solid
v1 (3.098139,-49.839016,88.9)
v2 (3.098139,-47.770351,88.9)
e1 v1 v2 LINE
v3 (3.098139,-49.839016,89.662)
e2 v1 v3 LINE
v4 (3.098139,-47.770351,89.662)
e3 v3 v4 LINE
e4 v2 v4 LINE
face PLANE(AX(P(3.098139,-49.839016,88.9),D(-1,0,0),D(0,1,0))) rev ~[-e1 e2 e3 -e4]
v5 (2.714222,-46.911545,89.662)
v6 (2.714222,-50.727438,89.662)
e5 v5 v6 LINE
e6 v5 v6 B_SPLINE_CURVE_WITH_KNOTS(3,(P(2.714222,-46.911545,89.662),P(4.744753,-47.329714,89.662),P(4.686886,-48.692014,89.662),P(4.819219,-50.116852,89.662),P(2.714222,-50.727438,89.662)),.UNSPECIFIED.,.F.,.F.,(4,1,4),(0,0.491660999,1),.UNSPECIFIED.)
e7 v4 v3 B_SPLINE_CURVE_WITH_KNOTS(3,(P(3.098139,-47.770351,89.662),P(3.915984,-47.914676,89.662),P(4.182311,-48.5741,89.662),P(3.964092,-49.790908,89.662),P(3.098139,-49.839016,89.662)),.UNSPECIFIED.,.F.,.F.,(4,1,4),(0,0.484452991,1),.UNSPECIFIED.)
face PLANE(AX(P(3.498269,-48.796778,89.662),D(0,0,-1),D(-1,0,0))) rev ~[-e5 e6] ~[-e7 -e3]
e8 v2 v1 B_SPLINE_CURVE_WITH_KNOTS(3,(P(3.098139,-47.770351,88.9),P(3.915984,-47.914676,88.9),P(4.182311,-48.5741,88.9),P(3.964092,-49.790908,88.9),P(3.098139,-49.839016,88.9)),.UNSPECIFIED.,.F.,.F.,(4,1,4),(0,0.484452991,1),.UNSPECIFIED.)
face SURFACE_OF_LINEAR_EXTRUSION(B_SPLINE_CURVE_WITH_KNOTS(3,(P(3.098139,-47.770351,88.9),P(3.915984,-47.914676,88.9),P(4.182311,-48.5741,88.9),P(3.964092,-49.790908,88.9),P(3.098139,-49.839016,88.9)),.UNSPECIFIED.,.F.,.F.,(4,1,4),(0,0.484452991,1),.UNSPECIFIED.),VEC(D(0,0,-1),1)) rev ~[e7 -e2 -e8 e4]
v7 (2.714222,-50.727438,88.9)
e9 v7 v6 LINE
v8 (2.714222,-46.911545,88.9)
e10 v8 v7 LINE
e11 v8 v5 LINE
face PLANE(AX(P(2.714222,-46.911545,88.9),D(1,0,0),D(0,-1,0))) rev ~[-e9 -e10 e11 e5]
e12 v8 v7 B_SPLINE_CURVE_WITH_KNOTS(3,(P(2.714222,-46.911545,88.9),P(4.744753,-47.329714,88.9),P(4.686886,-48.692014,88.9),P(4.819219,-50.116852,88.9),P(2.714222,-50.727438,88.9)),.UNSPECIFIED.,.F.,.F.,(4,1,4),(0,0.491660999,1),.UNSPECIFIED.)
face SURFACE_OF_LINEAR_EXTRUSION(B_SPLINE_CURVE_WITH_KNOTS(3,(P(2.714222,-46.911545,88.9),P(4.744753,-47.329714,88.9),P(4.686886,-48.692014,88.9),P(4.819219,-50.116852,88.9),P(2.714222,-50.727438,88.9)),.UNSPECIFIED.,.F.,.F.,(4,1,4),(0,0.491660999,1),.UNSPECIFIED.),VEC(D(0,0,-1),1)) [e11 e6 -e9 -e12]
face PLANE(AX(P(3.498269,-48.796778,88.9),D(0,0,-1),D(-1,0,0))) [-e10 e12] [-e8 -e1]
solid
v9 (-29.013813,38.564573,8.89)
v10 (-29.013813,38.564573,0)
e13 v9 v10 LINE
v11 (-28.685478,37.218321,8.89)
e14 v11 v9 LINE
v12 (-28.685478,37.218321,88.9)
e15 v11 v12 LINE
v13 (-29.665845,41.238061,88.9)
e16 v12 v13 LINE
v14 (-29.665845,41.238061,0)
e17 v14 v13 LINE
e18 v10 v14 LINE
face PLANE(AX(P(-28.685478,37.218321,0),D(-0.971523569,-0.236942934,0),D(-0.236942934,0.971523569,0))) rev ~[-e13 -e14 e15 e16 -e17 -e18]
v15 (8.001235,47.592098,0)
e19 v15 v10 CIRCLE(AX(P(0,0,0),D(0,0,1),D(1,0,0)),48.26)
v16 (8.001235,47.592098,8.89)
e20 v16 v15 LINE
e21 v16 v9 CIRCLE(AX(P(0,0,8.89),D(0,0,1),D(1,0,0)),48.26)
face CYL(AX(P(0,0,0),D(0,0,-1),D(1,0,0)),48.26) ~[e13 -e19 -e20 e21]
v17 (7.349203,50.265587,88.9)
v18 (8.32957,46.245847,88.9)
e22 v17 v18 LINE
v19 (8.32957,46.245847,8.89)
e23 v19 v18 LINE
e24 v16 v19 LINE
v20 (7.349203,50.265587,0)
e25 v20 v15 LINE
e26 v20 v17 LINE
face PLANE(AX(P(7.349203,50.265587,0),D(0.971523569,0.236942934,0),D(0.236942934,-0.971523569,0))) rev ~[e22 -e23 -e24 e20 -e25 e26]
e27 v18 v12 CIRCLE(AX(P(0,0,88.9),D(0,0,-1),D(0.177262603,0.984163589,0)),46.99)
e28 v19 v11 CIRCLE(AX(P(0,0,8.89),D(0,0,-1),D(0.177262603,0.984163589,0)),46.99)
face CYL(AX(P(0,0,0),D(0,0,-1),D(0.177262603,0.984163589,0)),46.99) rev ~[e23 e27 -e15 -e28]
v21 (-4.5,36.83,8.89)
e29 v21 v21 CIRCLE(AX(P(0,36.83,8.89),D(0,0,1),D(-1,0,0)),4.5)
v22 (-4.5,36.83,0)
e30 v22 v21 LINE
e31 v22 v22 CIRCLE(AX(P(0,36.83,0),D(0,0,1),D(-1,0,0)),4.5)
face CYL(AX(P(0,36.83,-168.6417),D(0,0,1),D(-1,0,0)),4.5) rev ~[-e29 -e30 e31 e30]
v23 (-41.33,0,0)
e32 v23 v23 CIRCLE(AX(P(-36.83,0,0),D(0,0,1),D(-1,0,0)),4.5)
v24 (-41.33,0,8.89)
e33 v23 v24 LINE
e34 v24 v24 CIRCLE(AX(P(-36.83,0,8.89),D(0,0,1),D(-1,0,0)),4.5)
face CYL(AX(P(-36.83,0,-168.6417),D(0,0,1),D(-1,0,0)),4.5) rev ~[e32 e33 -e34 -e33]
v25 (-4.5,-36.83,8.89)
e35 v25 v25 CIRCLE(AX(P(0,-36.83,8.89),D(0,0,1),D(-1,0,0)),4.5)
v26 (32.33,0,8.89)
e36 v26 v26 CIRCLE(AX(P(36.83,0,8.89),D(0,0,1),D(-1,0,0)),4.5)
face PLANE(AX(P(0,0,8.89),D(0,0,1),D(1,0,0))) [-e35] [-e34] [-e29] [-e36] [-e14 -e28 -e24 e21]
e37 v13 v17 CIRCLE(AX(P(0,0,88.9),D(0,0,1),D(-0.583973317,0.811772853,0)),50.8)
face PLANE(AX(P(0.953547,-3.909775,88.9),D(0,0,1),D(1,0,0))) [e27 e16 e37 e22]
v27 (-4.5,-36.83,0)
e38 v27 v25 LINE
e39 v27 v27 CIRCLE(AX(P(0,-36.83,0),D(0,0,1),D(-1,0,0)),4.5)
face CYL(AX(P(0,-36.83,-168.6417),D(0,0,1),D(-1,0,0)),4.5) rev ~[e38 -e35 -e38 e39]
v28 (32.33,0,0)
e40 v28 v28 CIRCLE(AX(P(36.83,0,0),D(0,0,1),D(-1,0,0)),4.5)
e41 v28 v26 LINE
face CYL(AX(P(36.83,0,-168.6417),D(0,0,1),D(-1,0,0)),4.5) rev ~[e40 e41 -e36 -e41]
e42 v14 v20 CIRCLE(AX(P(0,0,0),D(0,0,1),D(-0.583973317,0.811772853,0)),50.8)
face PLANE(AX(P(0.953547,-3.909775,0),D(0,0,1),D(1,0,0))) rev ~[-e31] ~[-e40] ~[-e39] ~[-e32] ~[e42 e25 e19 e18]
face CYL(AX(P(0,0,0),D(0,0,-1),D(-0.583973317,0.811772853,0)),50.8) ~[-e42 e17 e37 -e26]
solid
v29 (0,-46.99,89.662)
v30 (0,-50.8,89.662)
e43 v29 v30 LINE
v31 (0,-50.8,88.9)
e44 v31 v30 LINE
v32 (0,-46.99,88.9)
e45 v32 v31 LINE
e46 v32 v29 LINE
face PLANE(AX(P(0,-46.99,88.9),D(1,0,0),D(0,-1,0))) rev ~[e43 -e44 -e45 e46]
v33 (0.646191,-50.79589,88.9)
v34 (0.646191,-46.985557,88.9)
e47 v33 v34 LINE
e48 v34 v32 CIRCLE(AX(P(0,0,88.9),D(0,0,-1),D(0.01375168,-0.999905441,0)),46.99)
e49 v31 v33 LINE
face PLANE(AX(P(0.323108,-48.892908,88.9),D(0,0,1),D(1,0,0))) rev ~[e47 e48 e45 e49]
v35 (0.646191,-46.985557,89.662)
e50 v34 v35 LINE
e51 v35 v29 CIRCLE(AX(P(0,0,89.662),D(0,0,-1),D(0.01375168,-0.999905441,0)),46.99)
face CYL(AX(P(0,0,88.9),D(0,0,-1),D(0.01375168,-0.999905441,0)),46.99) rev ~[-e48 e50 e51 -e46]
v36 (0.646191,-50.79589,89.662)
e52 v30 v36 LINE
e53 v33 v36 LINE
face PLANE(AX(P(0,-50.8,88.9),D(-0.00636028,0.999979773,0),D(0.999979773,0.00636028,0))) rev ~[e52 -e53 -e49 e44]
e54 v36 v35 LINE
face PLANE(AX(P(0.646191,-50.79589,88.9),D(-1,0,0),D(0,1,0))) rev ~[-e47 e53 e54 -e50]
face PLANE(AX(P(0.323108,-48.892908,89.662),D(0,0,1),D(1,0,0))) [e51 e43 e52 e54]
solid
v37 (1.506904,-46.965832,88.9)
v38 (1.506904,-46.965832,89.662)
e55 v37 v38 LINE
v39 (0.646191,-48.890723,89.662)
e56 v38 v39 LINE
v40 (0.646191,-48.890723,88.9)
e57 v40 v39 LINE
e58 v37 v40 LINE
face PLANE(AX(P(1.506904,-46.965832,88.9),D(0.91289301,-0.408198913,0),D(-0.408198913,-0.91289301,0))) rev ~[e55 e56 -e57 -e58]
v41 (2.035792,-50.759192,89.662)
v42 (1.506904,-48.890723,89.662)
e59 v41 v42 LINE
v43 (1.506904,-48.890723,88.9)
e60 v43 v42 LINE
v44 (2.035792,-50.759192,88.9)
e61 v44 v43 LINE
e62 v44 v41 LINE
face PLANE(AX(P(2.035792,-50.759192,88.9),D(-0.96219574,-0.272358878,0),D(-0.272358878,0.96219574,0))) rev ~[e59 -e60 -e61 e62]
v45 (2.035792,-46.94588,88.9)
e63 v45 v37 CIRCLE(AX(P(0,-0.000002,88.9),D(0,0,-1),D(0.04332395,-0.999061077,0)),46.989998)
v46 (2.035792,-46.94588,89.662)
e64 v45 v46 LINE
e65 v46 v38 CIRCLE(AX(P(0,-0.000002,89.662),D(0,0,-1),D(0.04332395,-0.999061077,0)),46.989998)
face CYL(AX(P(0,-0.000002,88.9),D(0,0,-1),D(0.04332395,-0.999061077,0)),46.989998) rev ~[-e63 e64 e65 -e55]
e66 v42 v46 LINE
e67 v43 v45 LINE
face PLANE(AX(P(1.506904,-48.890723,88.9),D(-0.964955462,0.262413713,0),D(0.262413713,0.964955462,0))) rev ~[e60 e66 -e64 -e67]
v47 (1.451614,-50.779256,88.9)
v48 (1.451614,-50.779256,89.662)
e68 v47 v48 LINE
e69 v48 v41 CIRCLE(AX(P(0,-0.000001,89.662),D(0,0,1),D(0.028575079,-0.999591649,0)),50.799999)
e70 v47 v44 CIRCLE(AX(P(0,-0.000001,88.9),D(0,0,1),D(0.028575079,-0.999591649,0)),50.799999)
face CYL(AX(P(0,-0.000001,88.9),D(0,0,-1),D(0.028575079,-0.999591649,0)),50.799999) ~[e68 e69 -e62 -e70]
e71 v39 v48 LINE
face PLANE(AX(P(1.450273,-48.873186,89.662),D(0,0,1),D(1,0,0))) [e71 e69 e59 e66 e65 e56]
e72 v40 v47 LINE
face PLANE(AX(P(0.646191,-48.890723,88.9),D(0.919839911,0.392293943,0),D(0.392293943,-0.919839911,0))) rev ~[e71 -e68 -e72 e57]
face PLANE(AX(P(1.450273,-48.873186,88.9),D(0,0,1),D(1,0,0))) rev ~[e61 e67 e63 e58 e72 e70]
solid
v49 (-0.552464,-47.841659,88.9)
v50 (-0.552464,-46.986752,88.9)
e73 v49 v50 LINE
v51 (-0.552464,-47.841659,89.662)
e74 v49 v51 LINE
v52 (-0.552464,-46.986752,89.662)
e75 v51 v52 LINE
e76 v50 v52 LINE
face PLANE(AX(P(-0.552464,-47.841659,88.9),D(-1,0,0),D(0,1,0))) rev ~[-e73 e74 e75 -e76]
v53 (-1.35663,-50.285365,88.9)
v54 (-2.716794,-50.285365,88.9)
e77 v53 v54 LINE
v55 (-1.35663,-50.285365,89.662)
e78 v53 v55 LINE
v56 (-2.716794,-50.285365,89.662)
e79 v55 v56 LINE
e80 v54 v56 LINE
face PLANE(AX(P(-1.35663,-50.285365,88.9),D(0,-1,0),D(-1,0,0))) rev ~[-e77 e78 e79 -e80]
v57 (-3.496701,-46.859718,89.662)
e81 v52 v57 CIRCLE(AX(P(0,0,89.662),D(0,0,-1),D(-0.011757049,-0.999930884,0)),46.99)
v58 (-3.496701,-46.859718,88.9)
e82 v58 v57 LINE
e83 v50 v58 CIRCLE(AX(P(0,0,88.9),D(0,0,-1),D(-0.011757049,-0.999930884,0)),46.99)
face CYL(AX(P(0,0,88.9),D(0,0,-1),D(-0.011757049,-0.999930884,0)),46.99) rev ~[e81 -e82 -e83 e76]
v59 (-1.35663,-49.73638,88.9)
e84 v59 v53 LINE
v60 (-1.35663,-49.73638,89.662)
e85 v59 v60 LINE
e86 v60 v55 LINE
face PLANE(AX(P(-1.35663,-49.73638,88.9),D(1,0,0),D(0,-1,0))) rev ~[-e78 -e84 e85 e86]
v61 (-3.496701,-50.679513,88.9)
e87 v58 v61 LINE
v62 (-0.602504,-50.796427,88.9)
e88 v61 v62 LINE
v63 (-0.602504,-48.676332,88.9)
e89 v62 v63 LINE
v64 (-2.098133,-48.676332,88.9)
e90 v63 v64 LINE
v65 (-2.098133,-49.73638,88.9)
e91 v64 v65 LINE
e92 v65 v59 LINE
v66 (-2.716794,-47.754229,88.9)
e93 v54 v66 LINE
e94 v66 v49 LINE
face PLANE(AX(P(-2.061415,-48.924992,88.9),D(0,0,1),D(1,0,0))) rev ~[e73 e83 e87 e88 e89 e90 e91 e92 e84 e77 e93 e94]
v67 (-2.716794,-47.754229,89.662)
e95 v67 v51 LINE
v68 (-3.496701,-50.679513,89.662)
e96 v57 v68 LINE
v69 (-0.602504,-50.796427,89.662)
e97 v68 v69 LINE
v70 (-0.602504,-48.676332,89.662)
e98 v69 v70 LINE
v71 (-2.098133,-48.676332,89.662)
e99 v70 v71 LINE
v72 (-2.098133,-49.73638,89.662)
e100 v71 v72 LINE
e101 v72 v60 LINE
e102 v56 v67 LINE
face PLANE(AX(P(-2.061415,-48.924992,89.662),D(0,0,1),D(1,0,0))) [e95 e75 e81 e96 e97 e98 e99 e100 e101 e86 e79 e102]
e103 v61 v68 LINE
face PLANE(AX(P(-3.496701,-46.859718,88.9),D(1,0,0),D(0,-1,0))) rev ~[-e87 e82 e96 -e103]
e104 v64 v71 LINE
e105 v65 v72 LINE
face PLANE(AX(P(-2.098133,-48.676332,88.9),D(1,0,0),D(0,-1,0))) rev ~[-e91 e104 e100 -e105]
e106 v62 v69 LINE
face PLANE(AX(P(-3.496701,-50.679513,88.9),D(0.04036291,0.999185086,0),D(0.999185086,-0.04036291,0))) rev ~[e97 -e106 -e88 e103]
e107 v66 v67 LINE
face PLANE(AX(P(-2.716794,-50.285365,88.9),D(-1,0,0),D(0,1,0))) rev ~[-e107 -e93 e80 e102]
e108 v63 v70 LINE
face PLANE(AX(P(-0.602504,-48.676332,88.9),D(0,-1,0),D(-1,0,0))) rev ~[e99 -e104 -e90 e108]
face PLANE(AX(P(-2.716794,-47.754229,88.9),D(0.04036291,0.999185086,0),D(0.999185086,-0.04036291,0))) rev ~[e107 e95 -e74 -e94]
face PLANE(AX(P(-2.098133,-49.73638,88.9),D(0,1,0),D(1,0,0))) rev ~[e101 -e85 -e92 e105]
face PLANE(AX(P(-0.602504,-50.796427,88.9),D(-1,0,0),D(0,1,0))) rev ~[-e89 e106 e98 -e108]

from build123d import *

# Parameters (mm, degrees)
F1_DEPTH = 88.9
F2_R     = 48.26
F3_DEPTH = 8.89
F5_D     = 9
F7_DEPTH = 0.762


with BuildPart() as f1:
    # F0 (on Top) → F1 (new body)
    with BuildSketch(Plane.XY):
        with BuildLine():
            Line((-28.68547828, 37.218321239), (-29.6658445271, 41.2380609206))
            ThreePointArc((-29.6658445271, 41.2380609206), (12.0367010673, -49.353397324), (7.3492034658, 50.2655867211))
            Line((7.3492034658, 50.2655867211), (8.3295697129, 46.2458470395))
            ThreePointArc((8.3295697129, 46.2458470395), (11.1339484873, -45.6518925247), (-28.68547828, 37.218321239))
        make_face()
    extrude(amount=F1_DEPTH)

    # F2 (on Top) → F3 (join)
    with BuildSketch(Plane.XY):
        Circle(F2_R)
    extrude(amount=F3_DEPTH)

    # F5 (through all)
    with Locations(Plane(origin=(0, 0, 0), x_dir=(1, 0, 0), z_dir=(0, 0, -1))):
        with Locations((0, 36.83), (-36.83, 0), (0, -36.83), (36.83, 0)):
            Hole(F5_D / 2)


with BuildPart() as f7:
    # F6 (on face) → F7 (new body)
    with BuildSketch(Plane.XY.offset(88.9)):
        with BuildLine():
            ThreePointArc((0.6461914164, -46.9855566813), (0.3231033463, -46.9888891572), (0, -46.99))
            Line((0, -46.99), (0, -50.8))
            Line((0, -50.8), (0.6461914164, -50.7958899583))
            Line((0.6461914164, -50.7958899583), (0.6461914164, -48.8907233198))
            Line((0.6461914164, -48.8907233198), (0.6461914164, -46.9855566813))
        make_face()
    extrude(amount=F7_DEPTH)


with BuildPart() as f7b:
    # F6 (on face) → F7, piece 2 (new body)
    with BuildSketch(Plane.XY.offset(88.9)):
        with BuildLine():
            Line((1.5069042188, -46.9658316191), (0.6461914164, -48.8907233198))
            Line((0.6461914164, -48.8907233198), (1.451614004, -50.7792557722))
            ThreePointArc((1.451614004, -50.7792557722), (1.7437320687, -50.7700639991), (2.035792417, -50.7591917709))
            Line((2.035792417, -50.7591917709), (1.5069042188, -48.8907233198))
            Line((1.5069042188, -48.8907233198), (2.035792417, -46.9458800028))
            ThreePointArc((2.035792417, -46.9458800028), (1.7713764083, -46.9566004479), (1.5069042188, -46.9658316191))
        make_face()
    extrude(amount=F7_DEPTH)


with BuildPart() as f7c:
    # F6 (on face) → F7, piece 3 (new body)
    with BuildSketch(Plane.XY.offset(88.9)):
        with BuildLine():
            add(Edge.make_bspline(
                [(2.7142217515, -46.9115454903), (4.7447532395, -47.3297142611), (4.6868859793, -48.6920135127), (4.8192192328, -50.1168521009), (2.7142217515, -50.7274383375)],
                knots=[0, 0, 0, 0, 0.4916609991, 1, 1, 1, 1], degree=3))
            Line((2.7142217515, -46.9115454903), (2.7142217515, -50.7274383375))
        make_face()
        with BuildLine():
            Line((3.098138608, -49.8390160501), (3.098138608, -47.7703511715))
            add(Edge.make_bspline(
                [(3.098138608, -47.7703511715), (3.9159837179, -47.9146763682), (4.1823109655, -48.5740996123), (3.9640921168, -49.7909076512), (3.098138608, -49.8390160501)],
                knots=[0, 0, 0, 0, 0.4844529906, 1, 1, 1, 1], degree=3))
        make_face(mode=Mode.SUBTRACT)
    extrude(amount=F7_DEPTH)


with BuildPart() as f7d:
    # F6 (on face) → F7, piece 4 (new body)
    with BuildSketch(Plane.XY.offset(88.9)):
        with BuildLine():
            Line((-0.5524637425, -47.8416590199), (-0.5524637425, -46.9867522161))
            ThreePointArc((-0.5524637425, -46.9867522161), (-2.0255783554, -46.9463218189), (-3.4967007439, -46.8597181373))
            Line((-3.4967007439, -46.8597181373), (-3.4967007439, -50.6795134537))
            Line((-3.4967007439, -50.6795134537), (-0.6025040187, -50.7964269305))
            Line((-0.6025040187, -50.7964269305), (-0.6025040187, -48.6763324173))
            Line((-0.6025040187, -48.6763324173), (-2.0981333219, -48.6763324173))
            Line((-2.0981333219, -48.6763324173), (-2.0981333219, -49.7363796739))
            Line((-2.0981333219, -49.7363796739), (-1.3566303918, -49.7363796739))
            Line((-1.3566303918, -49.7363796739), (-1.3566303918, -50.2853654972))
            Line((-1.3566303918, -50.2853654972), (-2.7167940665, -50.2853654972))
            Line((-2.7167940665, -50.2853654972), (-2.7167940665, -47.7542291017))
            Line((-2.7167940665, -47.7542291017), (-0.5524637425, -47.8416590199))
        make_face()
    extrude(amount=F7_DEPTH)


solid = Compound([f1.part, f7.part, f7b.part, f7c.part, f7d.part])
